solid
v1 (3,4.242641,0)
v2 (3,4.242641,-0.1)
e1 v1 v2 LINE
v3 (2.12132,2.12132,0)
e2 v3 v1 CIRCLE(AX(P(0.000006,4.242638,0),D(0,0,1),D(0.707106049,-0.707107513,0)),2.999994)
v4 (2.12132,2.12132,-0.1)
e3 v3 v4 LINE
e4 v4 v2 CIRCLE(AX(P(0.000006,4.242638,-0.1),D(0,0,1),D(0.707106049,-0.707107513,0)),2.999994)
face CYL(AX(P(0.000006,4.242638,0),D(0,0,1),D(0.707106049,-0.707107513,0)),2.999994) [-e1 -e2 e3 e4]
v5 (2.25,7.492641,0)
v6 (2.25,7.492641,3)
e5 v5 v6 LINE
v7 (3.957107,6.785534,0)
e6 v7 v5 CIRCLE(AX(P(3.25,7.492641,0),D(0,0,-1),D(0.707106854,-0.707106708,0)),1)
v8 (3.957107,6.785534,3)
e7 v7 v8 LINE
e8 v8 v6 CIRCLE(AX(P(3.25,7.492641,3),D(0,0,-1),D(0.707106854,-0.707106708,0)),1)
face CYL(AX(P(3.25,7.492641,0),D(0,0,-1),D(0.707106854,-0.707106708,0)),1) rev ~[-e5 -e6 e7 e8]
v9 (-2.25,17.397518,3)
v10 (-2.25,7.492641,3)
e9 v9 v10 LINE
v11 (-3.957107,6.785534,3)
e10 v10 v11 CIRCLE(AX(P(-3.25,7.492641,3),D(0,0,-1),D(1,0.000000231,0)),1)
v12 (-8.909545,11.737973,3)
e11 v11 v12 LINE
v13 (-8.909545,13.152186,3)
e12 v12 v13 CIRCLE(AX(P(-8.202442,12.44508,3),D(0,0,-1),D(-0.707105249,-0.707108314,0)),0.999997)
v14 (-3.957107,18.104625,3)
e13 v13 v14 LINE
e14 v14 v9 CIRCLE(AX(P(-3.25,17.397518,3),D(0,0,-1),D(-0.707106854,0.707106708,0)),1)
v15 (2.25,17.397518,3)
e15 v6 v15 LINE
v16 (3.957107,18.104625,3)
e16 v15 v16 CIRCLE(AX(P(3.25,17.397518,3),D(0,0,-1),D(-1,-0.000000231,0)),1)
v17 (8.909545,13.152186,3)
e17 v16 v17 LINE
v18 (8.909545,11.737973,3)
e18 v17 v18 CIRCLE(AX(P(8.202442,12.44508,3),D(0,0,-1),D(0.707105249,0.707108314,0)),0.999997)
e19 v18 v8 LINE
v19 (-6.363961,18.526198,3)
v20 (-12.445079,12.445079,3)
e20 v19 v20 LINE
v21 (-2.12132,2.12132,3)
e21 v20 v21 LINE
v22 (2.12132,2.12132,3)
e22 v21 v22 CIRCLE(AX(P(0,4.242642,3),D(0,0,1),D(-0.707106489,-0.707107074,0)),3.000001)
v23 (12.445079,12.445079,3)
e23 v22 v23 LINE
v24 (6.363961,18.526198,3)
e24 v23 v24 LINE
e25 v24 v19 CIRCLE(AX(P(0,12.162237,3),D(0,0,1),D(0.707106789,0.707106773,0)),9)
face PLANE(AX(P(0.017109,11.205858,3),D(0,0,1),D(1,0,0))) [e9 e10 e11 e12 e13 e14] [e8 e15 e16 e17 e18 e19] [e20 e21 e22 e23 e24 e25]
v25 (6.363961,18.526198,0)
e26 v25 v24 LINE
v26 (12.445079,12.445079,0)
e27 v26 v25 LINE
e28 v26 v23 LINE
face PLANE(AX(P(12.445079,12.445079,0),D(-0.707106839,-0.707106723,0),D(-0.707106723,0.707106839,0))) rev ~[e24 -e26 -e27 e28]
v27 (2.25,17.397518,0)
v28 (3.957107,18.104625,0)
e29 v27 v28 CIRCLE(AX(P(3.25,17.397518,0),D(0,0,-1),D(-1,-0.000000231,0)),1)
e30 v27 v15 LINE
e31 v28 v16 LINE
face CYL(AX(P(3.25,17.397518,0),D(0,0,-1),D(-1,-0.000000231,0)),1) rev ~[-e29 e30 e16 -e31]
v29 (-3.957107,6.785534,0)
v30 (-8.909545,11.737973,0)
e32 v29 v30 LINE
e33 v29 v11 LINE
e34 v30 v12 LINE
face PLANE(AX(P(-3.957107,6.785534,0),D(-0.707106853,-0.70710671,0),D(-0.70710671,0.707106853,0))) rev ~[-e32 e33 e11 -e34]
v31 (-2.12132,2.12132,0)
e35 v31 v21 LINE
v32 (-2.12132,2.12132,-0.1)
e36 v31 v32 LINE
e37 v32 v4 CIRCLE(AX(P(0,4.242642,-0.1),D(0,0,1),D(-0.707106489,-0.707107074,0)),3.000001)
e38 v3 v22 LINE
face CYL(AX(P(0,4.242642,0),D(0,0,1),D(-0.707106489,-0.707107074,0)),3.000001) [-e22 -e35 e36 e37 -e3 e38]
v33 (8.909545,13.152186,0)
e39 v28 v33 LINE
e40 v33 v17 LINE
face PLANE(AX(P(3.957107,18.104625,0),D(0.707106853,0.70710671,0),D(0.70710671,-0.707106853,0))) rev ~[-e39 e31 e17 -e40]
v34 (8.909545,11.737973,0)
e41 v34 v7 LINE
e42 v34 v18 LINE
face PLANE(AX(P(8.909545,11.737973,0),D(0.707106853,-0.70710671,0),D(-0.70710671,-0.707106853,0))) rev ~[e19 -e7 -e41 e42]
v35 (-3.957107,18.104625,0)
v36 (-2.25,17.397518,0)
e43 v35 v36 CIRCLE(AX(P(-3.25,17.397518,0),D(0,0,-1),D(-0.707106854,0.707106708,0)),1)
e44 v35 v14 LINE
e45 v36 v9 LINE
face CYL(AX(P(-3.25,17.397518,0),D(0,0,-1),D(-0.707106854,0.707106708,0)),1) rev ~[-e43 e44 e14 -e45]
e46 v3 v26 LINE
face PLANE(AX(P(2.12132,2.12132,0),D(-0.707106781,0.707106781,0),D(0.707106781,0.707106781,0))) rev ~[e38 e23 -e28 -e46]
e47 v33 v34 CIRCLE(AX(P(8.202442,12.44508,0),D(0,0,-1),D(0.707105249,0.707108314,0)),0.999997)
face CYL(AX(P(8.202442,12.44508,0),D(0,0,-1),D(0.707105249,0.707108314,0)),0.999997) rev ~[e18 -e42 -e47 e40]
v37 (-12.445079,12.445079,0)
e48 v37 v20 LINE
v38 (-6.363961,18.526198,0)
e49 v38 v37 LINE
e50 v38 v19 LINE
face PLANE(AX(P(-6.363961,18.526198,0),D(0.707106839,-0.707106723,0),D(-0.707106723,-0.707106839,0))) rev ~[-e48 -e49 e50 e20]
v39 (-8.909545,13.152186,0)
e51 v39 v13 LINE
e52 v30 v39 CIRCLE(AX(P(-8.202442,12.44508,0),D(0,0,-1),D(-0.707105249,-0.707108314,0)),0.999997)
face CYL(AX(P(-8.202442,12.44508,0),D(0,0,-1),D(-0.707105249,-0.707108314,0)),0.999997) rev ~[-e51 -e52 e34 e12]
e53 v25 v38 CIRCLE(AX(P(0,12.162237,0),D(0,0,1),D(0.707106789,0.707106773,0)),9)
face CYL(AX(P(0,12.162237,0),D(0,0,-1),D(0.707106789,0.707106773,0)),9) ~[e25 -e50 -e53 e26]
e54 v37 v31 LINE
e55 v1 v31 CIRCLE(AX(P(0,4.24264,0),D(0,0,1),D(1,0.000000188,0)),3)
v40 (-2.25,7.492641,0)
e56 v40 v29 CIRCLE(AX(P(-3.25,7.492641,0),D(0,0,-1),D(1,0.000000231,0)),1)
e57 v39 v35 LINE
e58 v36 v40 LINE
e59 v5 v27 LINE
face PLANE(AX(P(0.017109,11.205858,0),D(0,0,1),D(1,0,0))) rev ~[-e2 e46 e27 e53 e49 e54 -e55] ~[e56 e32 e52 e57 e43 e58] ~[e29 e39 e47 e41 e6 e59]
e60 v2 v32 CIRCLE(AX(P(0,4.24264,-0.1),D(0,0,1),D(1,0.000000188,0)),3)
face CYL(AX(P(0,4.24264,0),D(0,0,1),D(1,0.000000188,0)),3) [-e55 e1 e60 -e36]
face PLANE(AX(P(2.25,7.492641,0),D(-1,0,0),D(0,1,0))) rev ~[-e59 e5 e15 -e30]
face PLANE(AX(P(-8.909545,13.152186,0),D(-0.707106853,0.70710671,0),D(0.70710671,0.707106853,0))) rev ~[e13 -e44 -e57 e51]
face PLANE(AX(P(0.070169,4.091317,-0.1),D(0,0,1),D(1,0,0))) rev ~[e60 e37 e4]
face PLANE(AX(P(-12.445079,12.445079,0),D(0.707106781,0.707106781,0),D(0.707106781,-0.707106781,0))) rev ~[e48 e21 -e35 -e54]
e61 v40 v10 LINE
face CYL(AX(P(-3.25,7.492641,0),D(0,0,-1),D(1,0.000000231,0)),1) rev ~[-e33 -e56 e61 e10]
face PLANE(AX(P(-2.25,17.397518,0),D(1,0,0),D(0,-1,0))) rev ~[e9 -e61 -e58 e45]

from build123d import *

# Parameters (mm, degrees)
F1_DEPTH = 3
F2_DEPTH = 0.1


with BuildPart() as f1:
    # F0 (on Top) → F1 (new body)
    with BuildSketch(Plane.XY):
        with BuildLine():
            Line((-3.25, 3.25), (-2.12132, 2.12132))
            ThreePointArc((-2.12132, 2.12132), (-1.14805, 7.014279), (3, 4.242641))
            ThreePointArc((3, 4.242641), (2.771639, 3.09459), (2.12132, 2.12132))
            Line((2.12132, 2.12132), (3.25, 3.25))
            Line((3.25, 3.25), (12.445079, 12.445079))
            Line((12.445079, 12.445079), (6.363961, 18.526198))
            ThreePointArc((6.363961, 18.526198), (0, 21.162237), (-6.363961, 18.526198))
            Line((-6.363961, 18.526198), (-12.445079, 12.445079))
            Line((-12.445079, 12.445079), (-3.25, 3.25))
        make_face()
        with BuildLine():
            ThreePointArc((-8.909545, 11.737973), (-9.202439, 12.445079), (-8.909545, 13.152186))
            Line((-8.909545, 13.152186), (-3.957107, 18.104625))
            ThreePointArc((-3.957107, 18.104625), (-2.867317, 18.321398), (-2.25, 17.397518))
            Line((-2.25, 17.397518), (-2.25, 7.492641))
            ThreePointArc((-2.25, 7.492641), (-2.867317, 6.568761), (-3.957107, 6.785534))
            Line((-3.957107, 6.785534), (-8.909545, 11.737973))
        make_face(mode=Mode.SUBTRACT)
        with BuildLine():
            Line((2.25, 7.492641), (2.25, 17.397518))
            ThreePointArc((2.25, 17.397518), (2.867317, 18.321398), (3.957107, 18.104625))
            Line((3.957107, 18.104625), (8.909545, 13.152186))
            ThreePointArc((8.909545, 13.152186), (9.202439, 12.445079), (8.909545, 11.737973))
            Line((8.909545, 11.737973), (3.957107, 6.785534))
            ThreePointArc((3.957107, 6.785534), (2.867317, 6.568761), (2.25, 7.492641))
        make_face(mode=Mode.SUBTRACT)
        with BuildLine():
            ThreePointArc((3, 4.242641), (-1.14805, 7.014279), (-2.12132, 2.12132))
            ThreePointArc((-2.12132, 2.12132), (0, 1.242641), (2.12132, 2.12132))
            ThreePointArc((2.12132, 2.12132), (2.771639, 3.09459), (3, 4.242641))
        make_face()
    extrude(amount=F1_DEPTH)

    # F0 (on Top) → F2 (join)
    with BuildSketch(Plane.XY):
        with BuildLine():
            ThreePointArc((3, 4.242641), (-1.14805, 7.014279), (-2.12132, 2.12132))
            ThreePointArc((-2.12132, 2.12132), (0, 1.242641), (2.12132, 2.12132))
            ThreePointArc((2.12132, 2.12132), (2.771639, 3.09459), (3, 4.242641))
        make_face()
    extrude(amount=-F2_DEPTH)


solid = f1.part
